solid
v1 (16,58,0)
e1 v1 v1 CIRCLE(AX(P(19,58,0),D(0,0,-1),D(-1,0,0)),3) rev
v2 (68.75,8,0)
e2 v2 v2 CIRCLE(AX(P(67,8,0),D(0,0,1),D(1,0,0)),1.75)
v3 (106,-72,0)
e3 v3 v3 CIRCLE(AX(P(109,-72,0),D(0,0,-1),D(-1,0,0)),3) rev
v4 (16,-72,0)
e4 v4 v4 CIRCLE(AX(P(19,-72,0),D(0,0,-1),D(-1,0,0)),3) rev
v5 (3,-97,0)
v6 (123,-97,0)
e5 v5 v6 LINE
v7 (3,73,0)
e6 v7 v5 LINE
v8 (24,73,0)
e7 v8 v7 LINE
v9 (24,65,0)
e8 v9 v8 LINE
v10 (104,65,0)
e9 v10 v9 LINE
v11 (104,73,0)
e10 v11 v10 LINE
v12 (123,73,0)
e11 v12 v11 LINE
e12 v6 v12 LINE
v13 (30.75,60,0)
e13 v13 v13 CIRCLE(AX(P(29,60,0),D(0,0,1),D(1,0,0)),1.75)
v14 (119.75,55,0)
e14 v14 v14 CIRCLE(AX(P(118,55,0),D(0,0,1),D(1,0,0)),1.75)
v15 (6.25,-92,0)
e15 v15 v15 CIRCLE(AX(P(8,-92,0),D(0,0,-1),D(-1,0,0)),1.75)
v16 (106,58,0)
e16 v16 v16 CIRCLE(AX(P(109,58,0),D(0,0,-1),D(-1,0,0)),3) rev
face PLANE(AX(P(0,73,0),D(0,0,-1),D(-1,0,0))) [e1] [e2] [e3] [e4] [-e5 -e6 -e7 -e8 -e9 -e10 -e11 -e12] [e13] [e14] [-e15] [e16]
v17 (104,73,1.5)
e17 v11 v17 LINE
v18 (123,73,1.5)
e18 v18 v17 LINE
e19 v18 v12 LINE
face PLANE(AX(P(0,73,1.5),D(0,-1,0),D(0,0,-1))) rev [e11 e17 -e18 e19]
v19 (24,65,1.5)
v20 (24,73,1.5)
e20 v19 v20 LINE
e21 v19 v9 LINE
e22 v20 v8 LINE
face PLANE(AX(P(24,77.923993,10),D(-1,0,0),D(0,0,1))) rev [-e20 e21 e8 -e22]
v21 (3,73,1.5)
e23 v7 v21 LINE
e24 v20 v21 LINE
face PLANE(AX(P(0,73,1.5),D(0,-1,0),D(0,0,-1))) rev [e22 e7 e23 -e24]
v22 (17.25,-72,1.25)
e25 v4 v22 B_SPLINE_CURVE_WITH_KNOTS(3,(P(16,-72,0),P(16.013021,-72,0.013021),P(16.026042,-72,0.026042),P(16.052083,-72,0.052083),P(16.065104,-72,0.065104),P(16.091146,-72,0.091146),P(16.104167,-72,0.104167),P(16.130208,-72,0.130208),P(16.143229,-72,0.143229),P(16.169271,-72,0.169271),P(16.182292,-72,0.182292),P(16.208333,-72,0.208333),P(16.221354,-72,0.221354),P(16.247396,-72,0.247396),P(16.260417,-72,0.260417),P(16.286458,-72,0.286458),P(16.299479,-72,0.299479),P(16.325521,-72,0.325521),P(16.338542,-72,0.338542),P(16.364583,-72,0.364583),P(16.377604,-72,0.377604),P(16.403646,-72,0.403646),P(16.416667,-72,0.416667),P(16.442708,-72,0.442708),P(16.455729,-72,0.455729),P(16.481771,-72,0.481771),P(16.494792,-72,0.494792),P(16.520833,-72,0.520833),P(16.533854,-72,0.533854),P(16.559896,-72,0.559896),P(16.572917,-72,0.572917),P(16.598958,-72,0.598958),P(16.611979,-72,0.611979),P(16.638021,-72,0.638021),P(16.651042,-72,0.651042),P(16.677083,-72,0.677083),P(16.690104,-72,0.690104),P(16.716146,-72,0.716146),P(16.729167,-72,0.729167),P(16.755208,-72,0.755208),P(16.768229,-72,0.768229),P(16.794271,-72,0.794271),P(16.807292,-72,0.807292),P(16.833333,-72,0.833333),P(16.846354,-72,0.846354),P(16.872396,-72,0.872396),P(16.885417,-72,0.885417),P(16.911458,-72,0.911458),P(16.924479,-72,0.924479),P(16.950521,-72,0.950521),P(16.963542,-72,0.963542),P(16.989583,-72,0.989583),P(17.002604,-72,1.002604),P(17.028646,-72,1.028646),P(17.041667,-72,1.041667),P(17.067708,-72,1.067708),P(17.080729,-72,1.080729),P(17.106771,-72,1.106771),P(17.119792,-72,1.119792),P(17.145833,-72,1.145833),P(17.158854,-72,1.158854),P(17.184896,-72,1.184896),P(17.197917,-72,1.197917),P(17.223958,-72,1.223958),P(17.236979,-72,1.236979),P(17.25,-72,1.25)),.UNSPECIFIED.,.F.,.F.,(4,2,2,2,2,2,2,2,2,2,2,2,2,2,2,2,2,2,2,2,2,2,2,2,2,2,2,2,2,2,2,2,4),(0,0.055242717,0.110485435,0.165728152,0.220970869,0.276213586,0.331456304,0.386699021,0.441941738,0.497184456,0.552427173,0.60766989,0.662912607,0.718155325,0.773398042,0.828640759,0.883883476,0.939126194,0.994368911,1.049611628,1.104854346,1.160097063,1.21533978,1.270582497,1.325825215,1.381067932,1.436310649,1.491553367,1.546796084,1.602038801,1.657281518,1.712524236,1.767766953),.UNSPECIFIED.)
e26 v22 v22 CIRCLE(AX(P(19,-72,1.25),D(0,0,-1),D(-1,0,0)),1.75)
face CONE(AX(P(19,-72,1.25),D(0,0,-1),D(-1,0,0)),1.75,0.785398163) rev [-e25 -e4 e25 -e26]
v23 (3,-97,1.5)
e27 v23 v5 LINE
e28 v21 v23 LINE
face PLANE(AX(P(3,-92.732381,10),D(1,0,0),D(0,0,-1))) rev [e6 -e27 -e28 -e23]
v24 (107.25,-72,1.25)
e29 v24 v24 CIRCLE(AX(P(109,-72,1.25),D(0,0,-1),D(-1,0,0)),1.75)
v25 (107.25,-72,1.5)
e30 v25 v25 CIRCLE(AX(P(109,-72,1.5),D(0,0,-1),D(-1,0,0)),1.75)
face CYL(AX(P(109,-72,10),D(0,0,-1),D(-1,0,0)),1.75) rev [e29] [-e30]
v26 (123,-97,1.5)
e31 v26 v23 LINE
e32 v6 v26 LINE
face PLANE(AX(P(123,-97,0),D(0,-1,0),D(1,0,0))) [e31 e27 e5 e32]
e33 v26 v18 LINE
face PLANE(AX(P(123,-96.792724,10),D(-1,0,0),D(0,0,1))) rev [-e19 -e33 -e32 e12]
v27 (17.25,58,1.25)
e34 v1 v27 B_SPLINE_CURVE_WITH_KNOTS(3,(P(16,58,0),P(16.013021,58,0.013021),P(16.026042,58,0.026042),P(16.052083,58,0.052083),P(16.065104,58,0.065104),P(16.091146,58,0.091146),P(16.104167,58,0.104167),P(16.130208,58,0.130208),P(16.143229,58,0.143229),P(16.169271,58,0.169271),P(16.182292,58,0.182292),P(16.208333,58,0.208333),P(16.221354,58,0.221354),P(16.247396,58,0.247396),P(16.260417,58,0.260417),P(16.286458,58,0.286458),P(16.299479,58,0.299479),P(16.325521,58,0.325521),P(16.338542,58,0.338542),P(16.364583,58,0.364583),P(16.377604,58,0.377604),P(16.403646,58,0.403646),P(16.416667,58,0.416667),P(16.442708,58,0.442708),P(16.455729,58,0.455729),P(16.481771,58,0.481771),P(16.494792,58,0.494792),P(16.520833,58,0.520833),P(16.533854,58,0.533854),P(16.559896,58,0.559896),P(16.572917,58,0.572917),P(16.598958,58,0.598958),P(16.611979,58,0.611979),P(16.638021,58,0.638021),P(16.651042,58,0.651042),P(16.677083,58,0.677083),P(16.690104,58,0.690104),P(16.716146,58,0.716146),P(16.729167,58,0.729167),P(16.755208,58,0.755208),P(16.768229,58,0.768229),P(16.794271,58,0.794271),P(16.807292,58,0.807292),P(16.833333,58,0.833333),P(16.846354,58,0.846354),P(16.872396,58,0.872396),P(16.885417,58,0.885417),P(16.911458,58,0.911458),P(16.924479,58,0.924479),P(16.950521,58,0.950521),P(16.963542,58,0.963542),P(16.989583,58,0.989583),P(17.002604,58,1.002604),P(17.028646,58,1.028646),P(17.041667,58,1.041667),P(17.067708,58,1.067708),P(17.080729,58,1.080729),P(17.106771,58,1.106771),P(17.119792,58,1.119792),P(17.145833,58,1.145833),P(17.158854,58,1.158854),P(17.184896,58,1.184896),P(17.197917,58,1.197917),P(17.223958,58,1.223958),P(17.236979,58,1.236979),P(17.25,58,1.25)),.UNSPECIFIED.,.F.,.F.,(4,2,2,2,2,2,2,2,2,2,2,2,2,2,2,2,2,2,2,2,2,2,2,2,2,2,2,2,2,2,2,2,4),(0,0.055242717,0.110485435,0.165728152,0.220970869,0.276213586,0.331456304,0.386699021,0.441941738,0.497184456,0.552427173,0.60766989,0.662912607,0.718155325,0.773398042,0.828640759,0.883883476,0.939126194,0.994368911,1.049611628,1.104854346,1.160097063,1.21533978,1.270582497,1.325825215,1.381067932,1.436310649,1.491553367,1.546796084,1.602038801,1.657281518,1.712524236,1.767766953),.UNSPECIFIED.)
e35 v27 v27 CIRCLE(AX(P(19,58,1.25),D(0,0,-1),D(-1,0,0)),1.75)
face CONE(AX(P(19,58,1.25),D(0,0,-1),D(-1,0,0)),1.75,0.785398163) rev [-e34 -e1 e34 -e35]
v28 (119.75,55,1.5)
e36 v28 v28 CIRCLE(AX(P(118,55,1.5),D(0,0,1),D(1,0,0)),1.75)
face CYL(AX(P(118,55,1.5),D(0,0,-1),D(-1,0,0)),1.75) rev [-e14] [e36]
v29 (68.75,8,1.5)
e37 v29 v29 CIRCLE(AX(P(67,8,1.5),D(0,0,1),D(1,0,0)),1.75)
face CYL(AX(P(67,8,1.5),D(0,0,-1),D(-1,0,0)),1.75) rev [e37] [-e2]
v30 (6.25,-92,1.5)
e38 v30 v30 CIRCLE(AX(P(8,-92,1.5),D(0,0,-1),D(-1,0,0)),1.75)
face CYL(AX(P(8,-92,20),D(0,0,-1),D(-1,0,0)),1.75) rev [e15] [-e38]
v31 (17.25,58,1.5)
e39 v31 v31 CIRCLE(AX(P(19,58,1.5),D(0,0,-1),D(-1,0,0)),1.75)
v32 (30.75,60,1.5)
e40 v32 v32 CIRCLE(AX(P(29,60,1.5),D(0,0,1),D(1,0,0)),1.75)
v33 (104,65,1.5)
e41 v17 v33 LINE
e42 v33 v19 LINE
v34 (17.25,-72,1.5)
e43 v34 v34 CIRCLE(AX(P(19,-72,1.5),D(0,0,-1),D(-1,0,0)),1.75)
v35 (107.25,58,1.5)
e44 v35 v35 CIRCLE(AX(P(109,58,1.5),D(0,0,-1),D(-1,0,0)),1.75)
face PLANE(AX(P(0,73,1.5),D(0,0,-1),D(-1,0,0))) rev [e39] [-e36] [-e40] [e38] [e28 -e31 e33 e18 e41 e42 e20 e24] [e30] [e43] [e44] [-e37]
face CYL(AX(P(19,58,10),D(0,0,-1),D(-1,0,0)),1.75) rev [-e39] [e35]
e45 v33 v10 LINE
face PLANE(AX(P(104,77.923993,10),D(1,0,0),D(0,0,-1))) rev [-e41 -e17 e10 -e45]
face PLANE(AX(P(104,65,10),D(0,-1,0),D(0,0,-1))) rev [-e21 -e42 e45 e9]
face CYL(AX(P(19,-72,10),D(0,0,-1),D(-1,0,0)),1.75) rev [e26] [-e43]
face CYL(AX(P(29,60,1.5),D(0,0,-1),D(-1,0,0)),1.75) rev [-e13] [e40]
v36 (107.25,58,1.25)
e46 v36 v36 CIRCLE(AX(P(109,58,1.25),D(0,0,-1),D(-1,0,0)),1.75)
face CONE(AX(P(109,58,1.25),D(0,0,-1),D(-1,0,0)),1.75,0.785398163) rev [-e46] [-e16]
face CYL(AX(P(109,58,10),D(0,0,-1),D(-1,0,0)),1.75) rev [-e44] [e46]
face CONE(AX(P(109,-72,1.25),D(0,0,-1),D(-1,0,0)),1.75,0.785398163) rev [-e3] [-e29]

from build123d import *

# Parameters (mm, degrees)
SKETCH_1_W          = 135
SKETCH_1_H          = 73
SKETCH_1_R          = 1.75
EXTRUDE_1_DEPTH     = 1.5
EXTRUDE_2_DEPTH     = 1.5
SKETCH_3_R          = 1.75
CUT_EXTRUDE_1_DEPTH = 10
SKETCH_4_W          = 41.774979177
SKETCH_4_H          = 174.552922684
SKETCH_4_W_2        = 25.198535703
SKETCH_4_H_2        = 178.613265212
SKETCH_4_W_3        = 80
SKETCH_4_H_3        = 12.9239929
CUT_EXTRUDE_2_DEPTH = 10
SKETCH_5_W          = 120
SKETCH_5_H          = 1.5
EXTRUDE_3_DEPTH     = 20
SKETCH_6_R          = 1.75
CUT_EXTRUDE_3_DEPTH = 20
CHAMFER_1_SIZE      = 1.25


with BuildPart() as part:
    # Эскиз1 → Вытянуть1 (new body)
    with BuildSketch(Plane.XY):
        with Locations((67.5, 36.5)):
            Rectangle(SKETCH_1_W, SKETCH_1_H)
        with Locations((118, 55)):
            Circle(SKETCH_1_R, mode=Mode.SUBTRACT)
        with Locations((29, 60)):
            Circle(SKETCH_1_R, mode=Mode.SUBTRACT)
        with Locations((67, 8)):
            Circle(SKETCH_1_R, mode=Mode.SUBTRACT)
    extrude(amount=EXTRUDE_1_DEPTH)

    # Эскиз2 → Вытянуть2 (add)
    with BuildSketch(Plane(origin=(0, 0, 0), x_dir=(-1, 0, 0), z_dir=(0, 0, -1))):
        Polygon((-135, 0), (-135, 73), (-137.5, 73), (-137.5, -77), (12.5, -77), (12.5, 73), (0, 73), (0, 0), align=None)
    extrude(amount=-EXTRUDE_2_DEPTH)

    # Эскиз3 → Вырез-Вытянуть1 (cut)
    with BuildSketch(Plane(origin=(0, 0, 0), x_dir=(-1, 0, 0), z_dir=(0, 0, -1))):
        with Locations((-109, 58)):
            Circle(SKETCH_3_R)
        with Locations((-109, -72)):
            Circle(SKETCH_3_R)
        with Locations((-19, -72)):
            Circle(SKETCH_3_R)
        with Locations((-19, 58)):
            Circle(SKETCH_3_R)
    extrude(amount=-CUT_EXTRUDE_1_DEPTH, mode=Mode.SUBTRACT)

    # Эскиз4 → Вырез-Вытянуть2 (cut)
    with BuildSketch(Plane(origin=(0, 0, 0), x_dir=(-1, 0, 0), z_dir=(0, 0, -1))):
        with Locations((17.887489589, -5.455920086)):
            Rectangle(SKETCH_4_W, SKETCH_4_H)
        with Locations((-135.599267852, -7.48609135)):
            Rectangle(SKETCH_4_W_2, SKETCH_4_H_2)
        with Locations((-64, 71.46199645)):
            Rectangle(SKETCH_4_W_3, SKETCH_4_H_3)
    extrude(amount=-CUT_EXTRUDE_2_DEPTH, mode=Mode.SUBTRACT)

    # Эскиз5 → Вытянуть3 (add)
    with BuildSketch(Plane.XZ.offset(77)):
        with Locations((63, 0.75)):
            Rectangle(SKETCH_5_W, SKETCH_5_H)
    extrude(amount=EXTRUDE_3_DEPTH)

    # Эскиз6 → Вырез-Вытянуть3 (cut)
    with BuildSketch(Plane(origin=(0, 0, 0), x_dir=(-1, 0, 0), z_dir=(0, 0, -1))):
        with Locations((-8, -92)):
            Circle(SKETCH_6_R)
    extrude(amount=-CUT_EXTRUDE_3_DEPTH, mode=Mode.SUBTRACT)

    # Фаска1
    chamfer_1_edges = [part.edges().sort_by_distance(p)[0] for p in [
        (110.75, 58, 0),
        (110.75, -72, 0),
        (20.75, -72, 0),
        (20.75, 58, 0),
    ]]
    chamfer(chamfer_1_edges, length=CHAMFER_1_SIZE)


solid = part.part
